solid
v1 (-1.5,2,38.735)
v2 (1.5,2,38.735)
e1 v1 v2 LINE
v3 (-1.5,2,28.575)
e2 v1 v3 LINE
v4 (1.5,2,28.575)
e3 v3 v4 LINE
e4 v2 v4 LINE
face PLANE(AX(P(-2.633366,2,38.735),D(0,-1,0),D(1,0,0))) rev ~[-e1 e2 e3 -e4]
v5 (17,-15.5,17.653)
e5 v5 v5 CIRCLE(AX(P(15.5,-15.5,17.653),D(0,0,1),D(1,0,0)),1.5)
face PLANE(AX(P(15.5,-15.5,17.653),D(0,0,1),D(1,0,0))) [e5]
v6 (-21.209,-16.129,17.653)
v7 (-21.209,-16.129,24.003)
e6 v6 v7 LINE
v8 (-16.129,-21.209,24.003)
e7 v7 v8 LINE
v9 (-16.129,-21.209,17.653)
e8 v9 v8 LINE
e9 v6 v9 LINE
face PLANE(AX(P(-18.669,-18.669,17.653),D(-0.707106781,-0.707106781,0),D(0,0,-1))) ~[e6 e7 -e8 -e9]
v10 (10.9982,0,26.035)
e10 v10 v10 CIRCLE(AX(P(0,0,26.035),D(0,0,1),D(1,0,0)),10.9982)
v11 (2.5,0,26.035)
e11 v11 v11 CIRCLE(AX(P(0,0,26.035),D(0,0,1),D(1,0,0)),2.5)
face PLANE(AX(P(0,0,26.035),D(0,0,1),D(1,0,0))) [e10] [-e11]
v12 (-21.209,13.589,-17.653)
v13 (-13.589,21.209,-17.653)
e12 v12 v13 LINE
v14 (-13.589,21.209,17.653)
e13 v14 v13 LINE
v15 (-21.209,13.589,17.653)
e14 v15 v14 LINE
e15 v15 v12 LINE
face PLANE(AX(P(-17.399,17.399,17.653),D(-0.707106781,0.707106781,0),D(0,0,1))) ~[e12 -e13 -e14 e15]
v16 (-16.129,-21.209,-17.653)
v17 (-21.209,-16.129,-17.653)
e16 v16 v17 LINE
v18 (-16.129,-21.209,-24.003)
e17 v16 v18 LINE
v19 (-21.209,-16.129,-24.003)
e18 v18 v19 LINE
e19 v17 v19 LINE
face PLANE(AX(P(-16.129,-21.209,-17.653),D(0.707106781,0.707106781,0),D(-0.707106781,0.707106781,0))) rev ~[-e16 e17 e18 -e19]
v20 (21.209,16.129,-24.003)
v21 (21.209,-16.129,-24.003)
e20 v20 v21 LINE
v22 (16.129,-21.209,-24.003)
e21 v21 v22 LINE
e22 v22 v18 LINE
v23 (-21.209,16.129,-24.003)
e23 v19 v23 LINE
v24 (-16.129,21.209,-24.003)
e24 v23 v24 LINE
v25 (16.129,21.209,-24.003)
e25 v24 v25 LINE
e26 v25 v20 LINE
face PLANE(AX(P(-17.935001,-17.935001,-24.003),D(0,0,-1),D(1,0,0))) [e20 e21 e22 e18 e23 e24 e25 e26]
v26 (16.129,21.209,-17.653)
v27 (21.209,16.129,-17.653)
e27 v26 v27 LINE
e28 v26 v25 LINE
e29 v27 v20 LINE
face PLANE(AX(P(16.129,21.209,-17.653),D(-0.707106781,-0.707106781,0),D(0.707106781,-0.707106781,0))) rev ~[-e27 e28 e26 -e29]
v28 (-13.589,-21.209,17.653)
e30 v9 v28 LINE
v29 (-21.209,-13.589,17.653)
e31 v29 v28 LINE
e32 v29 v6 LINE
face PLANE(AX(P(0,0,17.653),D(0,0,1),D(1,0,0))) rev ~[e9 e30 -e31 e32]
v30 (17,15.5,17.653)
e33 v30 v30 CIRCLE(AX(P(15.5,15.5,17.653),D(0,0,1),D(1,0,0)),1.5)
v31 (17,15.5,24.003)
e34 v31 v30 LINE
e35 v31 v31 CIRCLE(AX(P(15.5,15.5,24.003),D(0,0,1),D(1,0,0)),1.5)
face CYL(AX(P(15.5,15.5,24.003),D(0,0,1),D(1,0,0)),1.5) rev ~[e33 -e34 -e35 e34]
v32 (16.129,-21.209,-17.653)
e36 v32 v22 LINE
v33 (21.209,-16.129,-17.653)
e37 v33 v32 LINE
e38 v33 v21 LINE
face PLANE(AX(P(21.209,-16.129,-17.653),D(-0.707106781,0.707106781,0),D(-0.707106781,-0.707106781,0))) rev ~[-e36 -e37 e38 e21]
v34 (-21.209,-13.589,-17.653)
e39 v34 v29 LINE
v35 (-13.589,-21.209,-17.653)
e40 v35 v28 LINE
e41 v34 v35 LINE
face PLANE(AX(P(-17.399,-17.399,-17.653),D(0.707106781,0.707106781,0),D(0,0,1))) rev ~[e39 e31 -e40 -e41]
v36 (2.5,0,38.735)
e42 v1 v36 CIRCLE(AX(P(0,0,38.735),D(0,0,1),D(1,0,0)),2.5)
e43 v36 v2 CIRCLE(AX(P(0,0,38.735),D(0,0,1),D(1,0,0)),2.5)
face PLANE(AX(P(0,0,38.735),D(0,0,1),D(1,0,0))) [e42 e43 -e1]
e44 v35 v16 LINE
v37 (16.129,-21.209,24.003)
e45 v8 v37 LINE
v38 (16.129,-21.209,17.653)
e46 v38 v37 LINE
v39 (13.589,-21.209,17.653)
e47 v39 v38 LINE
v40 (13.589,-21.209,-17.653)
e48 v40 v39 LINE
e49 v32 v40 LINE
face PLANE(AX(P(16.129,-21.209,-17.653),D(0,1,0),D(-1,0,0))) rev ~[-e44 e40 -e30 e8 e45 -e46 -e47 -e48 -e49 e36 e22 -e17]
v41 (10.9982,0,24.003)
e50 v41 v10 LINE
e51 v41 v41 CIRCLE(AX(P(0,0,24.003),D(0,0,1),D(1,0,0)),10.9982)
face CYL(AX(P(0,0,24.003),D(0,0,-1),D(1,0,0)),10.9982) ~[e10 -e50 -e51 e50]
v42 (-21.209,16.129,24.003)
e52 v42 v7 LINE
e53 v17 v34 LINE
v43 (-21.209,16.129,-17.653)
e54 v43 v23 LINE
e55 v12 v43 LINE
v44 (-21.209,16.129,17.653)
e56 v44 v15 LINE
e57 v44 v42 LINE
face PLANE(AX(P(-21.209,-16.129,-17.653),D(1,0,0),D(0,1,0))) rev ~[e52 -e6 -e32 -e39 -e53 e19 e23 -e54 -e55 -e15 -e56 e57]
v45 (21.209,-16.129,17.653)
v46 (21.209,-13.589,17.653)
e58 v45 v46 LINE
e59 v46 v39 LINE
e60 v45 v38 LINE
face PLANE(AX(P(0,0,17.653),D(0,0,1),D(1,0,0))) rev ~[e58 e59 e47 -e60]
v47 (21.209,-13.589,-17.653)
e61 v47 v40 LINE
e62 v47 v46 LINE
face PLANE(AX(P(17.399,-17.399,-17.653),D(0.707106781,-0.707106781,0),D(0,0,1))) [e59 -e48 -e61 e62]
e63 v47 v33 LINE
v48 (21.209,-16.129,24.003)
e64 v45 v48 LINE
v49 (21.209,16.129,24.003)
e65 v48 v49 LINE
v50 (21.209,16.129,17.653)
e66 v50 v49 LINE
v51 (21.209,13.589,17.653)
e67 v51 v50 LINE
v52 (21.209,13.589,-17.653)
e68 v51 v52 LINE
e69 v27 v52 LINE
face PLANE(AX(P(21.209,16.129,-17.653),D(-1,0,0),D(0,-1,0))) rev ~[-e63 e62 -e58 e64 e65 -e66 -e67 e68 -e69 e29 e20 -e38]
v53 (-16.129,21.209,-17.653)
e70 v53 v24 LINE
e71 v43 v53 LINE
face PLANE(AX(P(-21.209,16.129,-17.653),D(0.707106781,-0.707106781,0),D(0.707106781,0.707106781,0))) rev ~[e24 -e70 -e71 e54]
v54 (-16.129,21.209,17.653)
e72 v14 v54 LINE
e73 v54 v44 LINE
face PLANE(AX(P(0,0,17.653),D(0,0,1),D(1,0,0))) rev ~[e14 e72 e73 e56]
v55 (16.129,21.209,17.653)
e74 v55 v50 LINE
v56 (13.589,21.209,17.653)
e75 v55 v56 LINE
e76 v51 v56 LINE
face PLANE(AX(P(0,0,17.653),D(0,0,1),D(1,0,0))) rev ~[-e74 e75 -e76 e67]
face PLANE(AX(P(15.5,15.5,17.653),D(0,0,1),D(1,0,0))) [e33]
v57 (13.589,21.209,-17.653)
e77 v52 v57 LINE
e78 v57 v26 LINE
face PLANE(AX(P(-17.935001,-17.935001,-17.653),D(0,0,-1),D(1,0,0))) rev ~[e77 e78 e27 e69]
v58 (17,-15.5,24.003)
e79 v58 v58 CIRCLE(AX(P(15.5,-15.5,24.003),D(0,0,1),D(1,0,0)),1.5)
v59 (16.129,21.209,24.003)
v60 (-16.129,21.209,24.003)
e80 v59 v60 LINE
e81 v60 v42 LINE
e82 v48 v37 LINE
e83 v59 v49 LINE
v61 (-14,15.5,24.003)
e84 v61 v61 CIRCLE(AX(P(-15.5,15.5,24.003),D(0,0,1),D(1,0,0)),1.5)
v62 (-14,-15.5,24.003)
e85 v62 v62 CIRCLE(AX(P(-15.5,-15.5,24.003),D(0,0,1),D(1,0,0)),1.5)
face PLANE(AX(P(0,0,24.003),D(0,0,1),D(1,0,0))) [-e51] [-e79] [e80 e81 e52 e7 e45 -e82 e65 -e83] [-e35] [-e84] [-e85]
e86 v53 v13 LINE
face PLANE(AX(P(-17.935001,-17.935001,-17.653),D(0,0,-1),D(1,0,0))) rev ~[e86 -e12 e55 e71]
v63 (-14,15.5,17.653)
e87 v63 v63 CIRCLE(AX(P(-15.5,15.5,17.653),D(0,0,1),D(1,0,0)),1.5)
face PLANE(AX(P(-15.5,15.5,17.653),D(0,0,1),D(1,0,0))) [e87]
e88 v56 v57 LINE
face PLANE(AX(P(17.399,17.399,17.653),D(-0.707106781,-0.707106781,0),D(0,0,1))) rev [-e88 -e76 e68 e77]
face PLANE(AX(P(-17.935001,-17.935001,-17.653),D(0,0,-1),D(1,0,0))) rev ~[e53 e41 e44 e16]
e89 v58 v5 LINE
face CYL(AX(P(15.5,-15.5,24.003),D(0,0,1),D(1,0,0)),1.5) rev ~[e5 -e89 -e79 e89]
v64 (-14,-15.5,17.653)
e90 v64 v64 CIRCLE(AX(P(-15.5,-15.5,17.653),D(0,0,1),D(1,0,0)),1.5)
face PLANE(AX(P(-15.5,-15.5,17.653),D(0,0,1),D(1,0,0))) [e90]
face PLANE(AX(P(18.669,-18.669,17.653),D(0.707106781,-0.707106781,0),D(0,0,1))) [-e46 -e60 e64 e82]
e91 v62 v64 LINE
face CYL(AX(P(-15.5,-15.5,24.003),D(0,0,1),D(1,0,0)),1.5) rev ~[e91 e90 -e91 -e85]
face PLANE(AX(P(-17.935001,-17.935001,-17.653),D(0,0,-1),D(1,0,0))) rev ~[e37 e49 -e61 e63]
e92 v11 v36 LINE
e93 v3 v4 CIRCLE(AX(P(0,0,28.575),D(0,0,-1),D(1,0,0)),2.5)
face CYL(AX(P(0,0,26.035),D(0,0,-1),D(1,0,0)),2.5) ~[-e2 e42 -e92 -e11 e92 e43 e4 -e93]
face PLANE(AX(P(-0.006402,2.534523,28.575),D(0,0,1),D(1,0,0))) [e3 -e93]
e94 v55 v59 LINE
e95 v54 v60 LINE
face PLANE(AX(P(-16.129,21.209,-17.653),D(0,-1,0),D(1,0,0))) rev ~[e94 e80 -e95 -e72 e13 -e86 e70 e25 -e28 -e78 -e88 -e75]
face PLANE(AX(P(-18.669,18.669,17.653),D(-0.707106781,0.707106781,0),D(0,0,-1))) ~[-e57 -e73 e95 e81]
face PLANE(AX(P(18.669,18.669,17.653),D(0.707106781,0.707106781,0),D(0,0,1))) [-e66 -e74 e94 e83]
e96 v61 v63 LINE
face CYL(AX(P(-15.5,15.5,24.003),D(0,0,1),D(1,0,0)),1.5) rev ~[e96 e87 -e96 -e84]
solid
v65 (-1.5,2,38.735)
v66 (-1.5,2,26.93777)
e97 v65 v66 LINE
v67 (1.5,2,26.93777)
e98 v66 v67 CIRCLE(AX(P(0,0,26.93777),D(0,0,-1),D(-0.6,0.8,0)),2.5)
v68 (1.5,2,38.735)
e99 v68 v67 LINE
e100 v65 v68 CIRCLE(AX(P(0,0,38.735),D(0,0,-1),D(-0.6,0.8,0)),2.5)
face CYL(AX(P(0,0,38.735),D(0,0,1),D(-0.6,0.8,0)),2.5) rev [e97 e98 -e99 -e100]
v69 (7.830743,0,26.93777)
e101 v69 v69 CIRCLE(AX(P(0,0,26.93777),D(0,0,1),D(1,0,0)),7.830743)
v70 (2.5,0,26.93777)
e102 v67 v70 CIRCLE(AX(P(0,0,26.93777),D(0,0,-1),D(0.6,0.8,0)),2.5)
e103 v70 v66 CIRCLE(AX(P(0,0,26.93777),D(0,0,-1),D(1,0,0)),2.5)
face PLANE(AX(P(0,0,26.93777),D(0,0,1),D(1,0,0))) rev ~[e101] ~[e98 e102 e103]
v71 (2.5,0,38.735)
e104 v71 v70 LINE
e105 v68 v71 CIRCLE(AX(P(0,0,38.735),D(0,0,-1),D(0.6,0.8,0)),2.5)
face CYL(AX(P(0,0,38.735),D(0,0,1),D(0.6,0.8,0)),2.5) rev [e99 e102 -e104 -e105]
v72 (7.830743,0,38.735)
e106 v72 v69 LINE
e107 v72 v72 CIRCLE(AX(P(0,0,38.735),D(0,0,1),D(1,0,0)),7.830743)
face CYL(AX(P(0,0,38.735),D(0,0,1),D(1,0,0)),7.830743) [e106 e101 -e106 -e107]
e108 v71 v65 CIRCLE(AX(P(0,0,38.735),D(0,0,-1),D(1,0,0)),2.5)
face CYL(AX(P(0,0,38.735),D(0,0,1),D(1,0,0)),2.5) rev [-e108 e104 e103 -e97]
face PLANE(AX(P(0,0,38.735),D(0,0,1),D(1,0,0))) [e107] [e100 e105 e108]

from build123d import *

# Parameters (mm, degrees)
F0_W      = 42.418
F0_H      = 42.418
F1_DEPTH  = 17.653
F2_SIZE   = 7.62
F4_DEPTH  = 6.35
F5_SIZE   = 5.08
F7_DEPTH  = 6.35
F8_R      = 10.9982
F9_DEPTH  = 2.032
F10_R     = 2.5
F11_DEPTH = 12.7
F13_DEPTH = 10.16
F14_R     = 1.5
F15_DEPTH = 6.35
F16_R     = 7.8307434495
F17_DEPTH = 11.79723


with BuildPart() as f1:
    # F0 (on Top) → F1 (new body, symmetric)
    with BuildSketch(Plane.XY):
        Rectangle(F0_W, F0_H)
    extrude(amount=F1_DEPTH, both=True)

    # F2
    f2_edges = [f1.edges().sort_by_distance(p)[0] for p in [
        (21.209, 21.209, 0),
        (-21.209, 21.209, 0),
        (-21.209, -21.209, 0),
        (21.209, -21.209, 0),
    ]]
    chamfer(f2_edges, length=F2_SIZE)

    # F3 (on face) → F4 (join)
    with BuildSketch(Plane.XY.offset(17.653)):
        Polygon((13.589, 21.209), (-13.589, 21.209), (-21.209, 13.589), (-21.209, -13.589), (-13.589, -21.209), (13.589, -21.209), (21.209, -13.589), (21.209, 13.589), align=None)
        Polygon((21.209, 21.209), (13.589, 21.209), (21.209, 13.589), align=None)
        Polygon((-13.589, 21.209), (-21.209, 21.209), (-21.209, 13.589), align=None)
        Polygon((-13.589, -21.209), (-21.209, -13.589), (-21.209, -21.209), align=None)
        Polygon((21.209, -21.209), (21.209, -13.589), (13.589, -21.209), align=None)
    extrude(amount=F4_DEPTH)

    # F5
    f5_edges = [f1.edges().sort_by_distance(p)[0] for p in [
        (21.209, 21.209, 20.828),
        (-21.209, 21.209, 20.828),
        (-21.209, -21.209, 20.828),
        (21.209, -21.209, 20.828),
    ]]
    chamfer(f5_edges, length=F5_SIZE)

    # F6 (on face) → F7 (join)
    with BuildSketch(Plane(origin=(0, 0, -17.653), x_dir=(1, 0, 0), z_dir=(0, 0, -1))):
        Polygon((-13.589, 21.209), (-16.129, 21.209), (-21.209, 16.129), (-21.209, 13.589), align=None)
        Polygon((16.129, 21.209), (13.589, 21.209), (21.209, 13.589), (21.209, 16.129), align=None)
        Polygon((21.209, -16.129), (21.209, -13.589), (13.589, -21.209), (16.129, -21.209), align=None)
        Polygon((-13.589, -21.209), (-21.209, -13.589), (-21.209, -16.129), (-16.129, -21.209), align=None)
        Polygon((13.589, 21.209), (-13.589, 21.209), (-21.209, 13.589), (-21.209, -13.589), (-13.589, -21.209), (13.589, -21.209), (21.209, -13.589), (21.209, 13.589), align=None)
    extrude(amount=F7_DEPTH)

    # F8 (on face) → F9 (join)
    with BuildSketch(Plane.XY.offset(24.003)):
        Circle(F8_R)
    extrude(amount=F9_DEPTH)

    # F10 (on face) → F11 (join)
    with BuildSketch(Plane.XY.offset(26.035)):
        Circle(F10_R)
    extrude(amount=F11_DEPTH)

    # F12 (on face) → F13 (cut)
    with BuildSketch(Plane.XY.offset(38.735)):
        with BuildLine():
            Line((2.6203631624, 2.9334036984), (-2.6333660554, 2.9334036984))
            Line((-2.6333660554, 2.9334036984), (-2.6333660554, 2))
            Line((-2.6333660554, 2), (-1.5, 2))
            ThreePointArc((-1.5, 2), (0, 2.5), (1.5, 2))
            Line((1.5, 2), (2.6203631624, 2))
            Line((2.6203631624, 2), (2.6203631624, 2.9334036984))
        make_face()
        with BuildLine():
            ThreePointArc((1.5, 2), (0, 2.5), (-1.5, 2))
            Line((-1.5, 2), (1.5, 2))
        make_face()
    extrude(amount=-F13_DEPTH, mode=Mode.SUBTRACT)

    # F14 (on face) → F15 (cut)
    with BuildSketch(Plane.XY.offset(24.003)):
        with Locations((-15.5, 15.5)):
            Circle(F14_R)
        with Locations((15.5, 15.5)):
            Circle(F14_R)
        with Locations((15.5, -15.5)):
            Circle(F14_R)
        with Locations((-15.5, -15.5)):
            Circle(F14_R)
    extrude(amount=-F15_DEPTH, mode=Mode.SUBTRACT)


with BuildPart() as f17:
    # F16 (on face) → F17 (new body)
    with BuildSketch(Plane.XY.offset(38.735)):
        Circle(F16_R)
        with BuildLine():
            ThreePointArc((1.5, 2), (2.2360679775, 1.1180339887), (2.5, 0))
            ThreePointArc((2.5, 0), (-1.1180339887, -2.2360679775), (-1.5, 2))
            ThreePointArc((-1.5, 2), (0, 2.5), (1.5, 2))
        make_face(mode=Mode.SUBTRACT)
    extrude(amount=-F17_DEPTH)


solid = Compound([f1.part, f17.part])
